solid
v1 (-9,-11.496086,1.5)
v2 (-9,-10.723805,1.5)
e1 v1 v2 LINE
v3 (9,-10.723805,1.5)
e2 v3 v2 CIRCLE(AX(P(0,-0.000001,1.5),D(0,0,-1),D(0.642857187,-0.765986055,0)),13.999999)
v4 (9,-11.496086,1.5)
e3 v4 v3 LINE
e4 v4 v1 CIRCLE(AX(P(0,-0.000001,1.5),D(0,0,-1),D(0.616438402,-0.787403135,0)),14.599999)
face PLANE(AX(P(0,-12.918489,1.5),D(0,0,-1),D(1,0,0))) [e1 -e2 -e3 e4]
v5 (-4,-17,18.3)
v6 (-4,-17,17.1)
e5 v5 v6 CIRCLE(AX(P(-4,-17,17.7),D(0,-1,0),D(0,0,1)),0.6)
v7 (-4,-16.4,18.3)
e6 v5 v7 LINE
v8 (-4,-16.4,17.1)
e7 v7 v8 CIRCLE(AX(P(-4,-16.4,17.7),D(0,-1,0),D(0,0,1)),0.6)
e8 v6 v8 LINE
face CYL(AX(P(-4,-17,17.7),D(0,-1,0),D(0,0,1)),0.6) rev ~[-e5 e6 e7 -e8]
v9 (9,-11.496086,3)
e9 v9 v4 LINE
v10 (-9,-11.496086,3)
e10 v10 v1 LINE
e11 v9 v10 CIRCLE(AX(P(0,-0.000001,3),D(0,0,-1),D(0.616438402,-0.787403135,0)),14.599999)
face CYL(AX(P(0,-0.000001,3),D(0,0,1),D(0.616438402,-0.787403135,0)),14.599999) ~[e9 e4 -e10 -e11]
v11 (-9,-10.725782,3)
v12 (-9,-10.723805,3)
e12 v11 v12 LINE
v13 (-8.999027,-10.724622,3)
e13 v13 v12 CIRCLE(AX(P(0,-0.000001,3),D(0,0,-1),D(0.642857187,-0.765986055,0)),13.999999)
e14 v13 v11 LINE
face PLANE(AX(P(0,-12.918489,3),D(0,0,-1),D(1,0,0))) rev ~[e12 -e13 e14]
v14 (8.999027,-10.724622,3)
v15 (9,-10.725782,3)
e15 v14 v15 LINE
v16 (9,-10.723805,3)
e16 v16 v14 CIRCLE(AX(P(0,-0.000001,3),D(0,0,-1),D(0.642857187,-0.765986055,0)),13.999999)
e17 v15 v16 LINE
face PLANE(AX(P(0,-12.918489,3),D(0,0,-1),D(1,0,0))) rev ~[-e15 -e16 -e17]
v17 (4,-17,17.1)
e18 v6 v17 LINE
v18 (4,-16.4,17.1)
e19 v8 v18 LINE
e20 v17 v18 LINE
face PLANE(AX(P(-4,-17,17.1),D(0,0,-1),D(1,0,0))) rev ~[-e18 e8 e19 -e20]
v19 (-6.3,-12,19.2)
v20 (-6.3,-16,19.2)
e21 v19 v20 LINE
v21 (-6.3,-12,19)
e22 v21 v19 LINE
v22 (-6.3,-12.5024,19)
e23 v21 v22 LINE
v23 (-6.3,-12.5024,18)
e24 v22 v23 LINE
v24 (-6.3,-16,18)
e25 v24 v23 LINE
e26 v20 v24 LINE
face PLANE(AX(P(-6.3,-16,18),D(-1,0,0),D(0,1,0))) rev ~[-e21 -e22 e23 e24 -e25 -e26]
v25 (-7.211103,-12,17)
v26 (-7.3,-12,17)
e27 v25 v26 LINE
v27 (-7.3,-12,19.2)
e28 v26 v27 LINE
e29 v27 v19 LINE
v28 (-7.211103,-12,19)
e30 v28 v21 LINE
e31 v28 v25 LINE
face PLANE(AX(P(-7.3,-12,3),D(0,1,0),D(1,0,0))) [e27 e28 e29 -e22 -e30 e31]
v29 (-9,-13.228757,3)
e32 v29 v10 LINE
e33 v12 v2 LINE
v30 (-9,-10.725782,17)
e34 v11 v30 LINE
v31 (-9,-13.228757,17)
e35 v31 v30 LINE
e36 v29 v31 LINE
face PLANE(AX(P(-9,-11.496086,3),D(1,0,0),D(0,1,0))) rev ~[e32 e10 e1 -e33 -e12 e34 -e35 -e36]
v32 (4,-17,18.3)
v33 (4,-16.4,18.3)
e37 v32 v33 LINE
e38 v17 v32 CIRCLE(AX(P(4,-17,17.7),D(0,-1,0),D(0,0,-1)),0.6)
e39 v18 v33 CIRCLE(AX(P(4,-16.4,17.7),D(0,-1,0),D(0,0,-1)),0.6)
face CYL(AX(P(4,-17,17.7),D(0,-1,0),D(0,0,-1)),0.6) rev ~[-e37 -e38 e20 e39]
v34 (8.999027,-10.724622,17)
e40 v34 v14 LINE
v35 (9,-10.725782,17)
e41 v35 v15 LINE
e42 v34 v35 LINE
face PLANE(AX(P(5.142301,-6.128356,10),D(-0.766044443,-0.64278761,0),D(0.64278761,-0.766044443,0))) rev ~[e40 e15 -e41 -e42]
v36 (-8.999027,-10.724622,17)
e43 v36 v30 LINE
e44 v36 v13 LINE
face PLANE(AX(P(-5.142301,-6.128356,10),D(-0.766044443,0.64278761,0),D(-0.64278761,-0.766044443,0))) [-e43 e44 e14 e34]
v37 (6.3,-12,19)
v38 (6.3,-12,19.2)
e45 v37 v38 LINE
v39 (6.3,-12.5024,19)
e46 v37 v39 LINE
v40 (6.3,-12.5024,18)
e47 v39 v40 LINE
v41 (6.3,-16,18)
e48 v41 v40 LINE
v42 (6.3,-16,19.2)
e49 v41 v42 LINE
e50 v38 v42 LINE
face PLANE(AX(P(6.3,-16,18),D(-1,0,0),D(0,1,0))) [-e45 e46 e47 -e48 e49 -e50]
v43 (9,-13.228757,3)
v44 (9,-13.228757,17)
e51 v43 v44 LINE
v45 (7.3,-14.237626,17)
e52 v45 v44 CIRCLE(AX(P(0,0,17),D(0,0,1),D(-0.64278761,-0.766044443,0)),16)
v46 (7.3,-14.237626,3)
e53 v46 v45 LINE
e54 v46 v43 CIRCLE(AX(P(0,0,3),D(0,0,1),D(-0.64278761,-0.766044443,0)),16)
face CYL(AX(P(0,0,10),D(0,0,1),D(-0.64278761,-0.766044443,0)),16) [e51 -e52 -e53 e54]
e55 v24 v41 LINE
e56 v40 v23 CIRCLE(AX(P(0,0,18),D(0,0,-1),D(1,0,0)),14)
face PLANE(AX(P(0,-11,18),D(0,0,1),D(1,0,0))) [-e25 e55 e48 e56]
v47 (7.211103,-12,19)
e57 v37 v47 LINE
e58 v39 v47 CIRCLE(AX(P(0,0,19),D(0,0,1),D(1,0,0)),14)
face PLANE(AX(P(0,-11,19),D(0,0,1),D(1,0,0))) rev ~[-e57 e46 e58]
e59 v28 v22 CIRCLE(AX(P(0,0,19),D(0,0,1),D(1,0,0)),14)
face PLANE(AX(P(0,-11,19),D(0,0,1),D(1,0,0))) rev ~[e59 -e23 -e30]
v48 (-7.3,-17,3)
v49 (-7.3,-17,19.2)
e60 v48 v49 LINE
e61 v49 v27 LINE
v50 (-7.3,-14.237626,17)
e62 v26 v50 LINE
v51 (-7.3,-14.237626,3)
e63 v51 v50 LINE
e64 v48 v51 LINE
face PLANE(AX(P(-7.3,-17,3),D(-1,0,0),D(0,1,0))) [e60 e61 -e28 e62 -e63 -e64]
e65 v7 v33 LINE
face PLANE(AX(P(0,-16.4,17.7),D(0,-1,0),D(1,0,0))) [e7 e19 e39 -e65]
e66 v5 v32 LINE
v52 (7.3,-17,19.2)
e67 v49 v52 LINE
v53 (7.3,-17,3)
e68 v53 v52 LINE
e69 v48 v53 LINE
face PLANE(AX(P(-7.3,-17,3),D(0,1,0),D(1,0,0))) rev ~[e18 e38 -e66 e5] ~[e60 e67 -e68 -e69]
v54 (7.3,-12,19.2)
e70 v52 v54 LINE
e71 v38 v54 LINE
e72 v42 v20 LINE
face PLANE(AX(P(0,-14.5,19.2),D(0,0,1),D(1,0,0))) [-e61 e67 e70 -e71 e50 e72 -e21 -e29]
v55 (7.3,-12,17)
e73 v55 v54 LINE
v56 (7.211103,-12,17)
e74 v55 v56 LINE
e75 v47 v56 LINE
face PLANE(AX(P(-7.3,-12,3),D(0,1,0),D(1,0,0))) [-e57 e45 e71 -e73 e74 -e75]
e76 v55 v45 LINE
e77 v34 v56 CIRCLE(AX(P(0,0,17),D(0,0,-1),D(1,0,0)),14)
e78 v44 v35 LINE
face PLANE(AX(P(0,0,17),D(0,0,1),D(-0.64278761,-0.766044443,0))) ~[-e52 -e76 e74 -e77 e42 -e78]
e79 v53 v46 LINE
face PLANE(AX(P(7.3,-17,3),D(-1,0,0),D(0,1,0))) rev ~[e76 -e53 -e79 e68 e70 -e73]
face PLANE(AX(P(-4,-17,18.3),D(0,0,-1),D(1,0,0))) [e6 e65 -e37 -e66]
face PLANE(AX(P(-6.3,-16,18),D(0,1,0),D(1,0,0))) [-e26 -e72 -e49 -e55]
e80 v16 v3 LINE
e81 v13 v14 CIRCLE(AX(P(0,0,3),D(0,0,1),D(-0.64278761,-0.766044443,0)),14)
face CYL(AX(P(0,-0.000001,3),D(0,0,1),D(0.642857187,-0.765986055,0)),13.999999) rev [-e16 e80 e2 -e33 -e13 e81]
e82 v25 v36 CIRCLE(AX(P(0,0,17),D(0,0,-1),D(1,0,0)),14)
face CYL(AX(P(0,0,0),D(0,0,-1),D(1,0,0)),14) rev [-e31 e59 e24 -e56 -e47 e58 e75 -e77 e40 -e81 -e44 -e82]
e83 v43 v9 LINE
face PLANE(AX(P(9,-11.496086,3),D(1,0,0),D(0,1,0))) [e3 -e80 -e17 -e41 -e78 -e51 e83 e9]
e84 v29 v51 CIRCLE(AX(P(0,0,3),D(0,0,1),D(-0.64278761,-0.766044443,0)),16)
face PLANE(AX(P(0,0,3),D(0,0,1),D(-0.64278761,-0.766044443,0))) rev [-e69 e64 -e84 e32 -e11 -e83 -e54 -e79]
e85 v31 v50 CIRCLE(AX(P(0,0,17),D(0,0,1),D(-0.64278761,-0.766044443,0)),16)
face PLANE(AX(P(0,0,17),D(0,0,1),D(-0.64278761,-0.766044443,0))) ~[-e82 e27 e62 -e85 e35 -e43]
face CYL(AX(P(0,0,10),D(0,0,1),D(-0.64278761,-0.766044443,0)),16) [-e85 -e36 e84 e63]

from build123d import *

# Parameters (mm, degrees)
BOX017_W                    = 12.6
BOX017_H                    = 10
BOX017_DEPTH                = 2
BOX016_W                    = 3
BOX016_H                    = 6
BOX016_DEPTH                = 20
BOX015_W                    = 3
BOX015_H                    = 6
BOX015_DEPTH                = 20
BOX013_W                    = 12.6
BOX013_H                    = 10
BOX013_DEPTH                = 1
CYLINDER016_R               = 4.5
CYLINDER016_DEPTH           = 1.5
SKETCH018_R                 = 2.1
PAD011_DEPTH                = 0.8
CYLINDER015_R               = 14
CYLINDER015_DEPTH           = 19
CYLINDER018_W               = 16
CYLINDER018_H               = 14
CYLINDER018_ANGLE           = 80
CYLINDER018_PLACEMENT_ANGLE = 230
BOX014_W                    = 14.6
BOX014_H                    = 5
BOX014_DEPTH                = 16.2
POCKET002_DEPTH             = 0.6
PAD012_DEPTH                = 1.5


with BuildPart() as cubo013:
    # Box017 → Box017 (new body)
    with BuildSketch(Plane(origin=(-6.3, -16, 18), x_dir=(1, 0, 0), z_dir=(0, 0, 1))):
        with Locations((6.3, 5)):
            Rectangle(BOX017_W, BOX017_H)
    extrude(amount=BOX017_DEPTH)


with BuildPart() as cubo012:
    # Box016 → Box016 (new body)
    with BuildSketch(Plane(origin=(-12, -15, 0), x_dir=(1, 0, 0), z_dir=(0, 0, 1))):
        with Locations((1.5, 3)):
            Rectangle(BOX016_W, BOX016_H)
    extrude(amount=BOX016_DEPTH)


with BuildPart() as arco_plastico001:
    # Box015 → Box015 (new body)
    with BuildSketch(Plane(origin=(9, -15, 0), x_dir=(1, 0, 0), z_dir=(0, 0, 1))):
        with Locations((1.5, 3)):
            Rectangle(BOX015_W, BOX015_H)
    extrude(amount=BOX015_DEPTH)

    # Fusion011: union Cubo012
    add(cubo012.part)


with BuildPart() as cubo009:
    # Box013 → Box013 (new body)
    with BuildSketch(Plane(origin=(-6.3, -16, 18), x_dir=(1, 0, 0), z_dir=(0, 0, 1))):
        with Locations((6.3, 5)):
            Rectangle(BOX013_W, BOX013_H)
    extrude(amount=BOX013_DEPTH)


with BuildPart() as cilindro008:
    # Cylinder016 → Cylinder016 (new body)
    with BuildSketch(Plane(origin=(0, 8, 19), x_dir=(1, 0, 0), z_dir=(0, 0, 1))):
        Circle(CYLINDER016_R)
    extrude(amount=CYLINDER016_DEPTH)


with BuildPart() as pad011:
    # Sketch018 → Pad011 (new body)
    with BuildSketch(Plane.XY.offset(18.2)):
        with BuildLine():
            ThreePointArc((-17.5, 3.5), (-21, 0), (-17.5, -3.5))
            Line((-17.5, -3.5), (17.5, -3.5))
            ThreePointArc((17.5, -3.5), (21, 0), (17.5, 3.5))
            Line((-17.5, 3.5), (17.5, 3.5))
        make_face()
        with Locations((-17.5, 0)):
            Circle(SKETCH018_R, mode=Mode.SUBTRACT)
        with Locations((17.5, 0)):
            Circle(SKETCH018_R, mode=Mode.SUBTRACT)
    extrude(amount=PAD011_DEPTH)


with BuildPart() as body001:
    # Cylinder015 → Cylinder015 (new body)
    with BuildSketch(Plane.XY):
        Circle(CYLINDER015_R)
    extrude(amount=CYLINDER015_DEPTH)

    # Fusion007: union Pad011
    add(pad011.part)

    # Fusion009: union Cilindro008
    add(cilindro008.part)

    # Fusion010: union Cubo009
    add(cubo009.part)


with BuildPart() as cut021:
    # Cylinder018 → Cylinder018 (revolve)
    with BuildSketch(Plane.XZ):
        with Locations((8, 7)):
            Rectangle(CYLINDER018_W, CYLINDER018_H)
    revolve(axis=Axis((0, 0, 0), (0, 0, 1)), revolution_arc=CYLINDER018_ANGLE)


with BuildPart() as cut021_1:
    # Cylinder018 placement: moved
    add(cut021.part.moved(Location((0, 0, 3))).rotate(Axis((0, 0, 3), (0, 0, 1)), CYLINDER018_PLACEMENT_ANGLE))

    # Cut020: cut Body001
    add(body001.part, mode=Mode.SUBTRACT)

    # Cut021: cut Arco_plastico001
    add(arco_plastico001.part, mode=Mode.SUBTRACT)


with BuildPart() as plastic_base_final001:
    # Box014 → Box014 (new body)
    with BuildSketch(Plane(origin=(-7.3, -17, 3), x_dir=(1, 0, 0), z_dir=(0, 0, 1))):
        with Locations((7.3, 2.5)):
            Rectangle(BOX014_W, BOX014_H)
    extrude(amount=BOX014_DEPTH)

    # Cut019: cut Body001
    add(body001.part, mode=Mode.SUBTRACT)

    # Fusion012: union Cut021
    add(cut021_1.part)

    # Cut022: cut Cubo013
    add(cubo013.part, mode=Mode.SUBTRACT)

    # Sketch019 (on Face5 of Cut022) → Pocket002 (cut)
    with BuildSketch(Plane.XZ.offset(17)):
        with BuildLine():
            ThreePointArc((-4, 18.3), (-4.6, 17.7), (-4, 17.1))
            Line((-4, 17.1), (4, 17.1))
            ThreePointArc((4, 17.1), (4.6, 17.7), (4, 18.3))
            Line((-4, 18.3), (4, 18.3))
        make_face()
    extrude(amount=-POCKET002_DEPTH, mode=Mode.SUBTRACT)

    # Sketch020 (on Face17 of Pocket002) → Pad012 (new body)
    with BuildSketch(Plane(origin=(0, 0, 3), x_dir=(1, 0, 0), z_dir=(0, 0, -1))):
        with BuildLine():
            ThreePointArc((9, 11.496086), (0, 14.6), (-9, 11.496086))
            Line((-9, 11.496086), (-9, 10.723805))
            ThreePointArc((9, 10.723805), (0, 14), (-9, 10.723805))
            Line((9, 11.496086), (9, 10.723805))
        make_face()
    extrude(amount=PAD012_DEPTH)


solid = plastic_base_final001.part
